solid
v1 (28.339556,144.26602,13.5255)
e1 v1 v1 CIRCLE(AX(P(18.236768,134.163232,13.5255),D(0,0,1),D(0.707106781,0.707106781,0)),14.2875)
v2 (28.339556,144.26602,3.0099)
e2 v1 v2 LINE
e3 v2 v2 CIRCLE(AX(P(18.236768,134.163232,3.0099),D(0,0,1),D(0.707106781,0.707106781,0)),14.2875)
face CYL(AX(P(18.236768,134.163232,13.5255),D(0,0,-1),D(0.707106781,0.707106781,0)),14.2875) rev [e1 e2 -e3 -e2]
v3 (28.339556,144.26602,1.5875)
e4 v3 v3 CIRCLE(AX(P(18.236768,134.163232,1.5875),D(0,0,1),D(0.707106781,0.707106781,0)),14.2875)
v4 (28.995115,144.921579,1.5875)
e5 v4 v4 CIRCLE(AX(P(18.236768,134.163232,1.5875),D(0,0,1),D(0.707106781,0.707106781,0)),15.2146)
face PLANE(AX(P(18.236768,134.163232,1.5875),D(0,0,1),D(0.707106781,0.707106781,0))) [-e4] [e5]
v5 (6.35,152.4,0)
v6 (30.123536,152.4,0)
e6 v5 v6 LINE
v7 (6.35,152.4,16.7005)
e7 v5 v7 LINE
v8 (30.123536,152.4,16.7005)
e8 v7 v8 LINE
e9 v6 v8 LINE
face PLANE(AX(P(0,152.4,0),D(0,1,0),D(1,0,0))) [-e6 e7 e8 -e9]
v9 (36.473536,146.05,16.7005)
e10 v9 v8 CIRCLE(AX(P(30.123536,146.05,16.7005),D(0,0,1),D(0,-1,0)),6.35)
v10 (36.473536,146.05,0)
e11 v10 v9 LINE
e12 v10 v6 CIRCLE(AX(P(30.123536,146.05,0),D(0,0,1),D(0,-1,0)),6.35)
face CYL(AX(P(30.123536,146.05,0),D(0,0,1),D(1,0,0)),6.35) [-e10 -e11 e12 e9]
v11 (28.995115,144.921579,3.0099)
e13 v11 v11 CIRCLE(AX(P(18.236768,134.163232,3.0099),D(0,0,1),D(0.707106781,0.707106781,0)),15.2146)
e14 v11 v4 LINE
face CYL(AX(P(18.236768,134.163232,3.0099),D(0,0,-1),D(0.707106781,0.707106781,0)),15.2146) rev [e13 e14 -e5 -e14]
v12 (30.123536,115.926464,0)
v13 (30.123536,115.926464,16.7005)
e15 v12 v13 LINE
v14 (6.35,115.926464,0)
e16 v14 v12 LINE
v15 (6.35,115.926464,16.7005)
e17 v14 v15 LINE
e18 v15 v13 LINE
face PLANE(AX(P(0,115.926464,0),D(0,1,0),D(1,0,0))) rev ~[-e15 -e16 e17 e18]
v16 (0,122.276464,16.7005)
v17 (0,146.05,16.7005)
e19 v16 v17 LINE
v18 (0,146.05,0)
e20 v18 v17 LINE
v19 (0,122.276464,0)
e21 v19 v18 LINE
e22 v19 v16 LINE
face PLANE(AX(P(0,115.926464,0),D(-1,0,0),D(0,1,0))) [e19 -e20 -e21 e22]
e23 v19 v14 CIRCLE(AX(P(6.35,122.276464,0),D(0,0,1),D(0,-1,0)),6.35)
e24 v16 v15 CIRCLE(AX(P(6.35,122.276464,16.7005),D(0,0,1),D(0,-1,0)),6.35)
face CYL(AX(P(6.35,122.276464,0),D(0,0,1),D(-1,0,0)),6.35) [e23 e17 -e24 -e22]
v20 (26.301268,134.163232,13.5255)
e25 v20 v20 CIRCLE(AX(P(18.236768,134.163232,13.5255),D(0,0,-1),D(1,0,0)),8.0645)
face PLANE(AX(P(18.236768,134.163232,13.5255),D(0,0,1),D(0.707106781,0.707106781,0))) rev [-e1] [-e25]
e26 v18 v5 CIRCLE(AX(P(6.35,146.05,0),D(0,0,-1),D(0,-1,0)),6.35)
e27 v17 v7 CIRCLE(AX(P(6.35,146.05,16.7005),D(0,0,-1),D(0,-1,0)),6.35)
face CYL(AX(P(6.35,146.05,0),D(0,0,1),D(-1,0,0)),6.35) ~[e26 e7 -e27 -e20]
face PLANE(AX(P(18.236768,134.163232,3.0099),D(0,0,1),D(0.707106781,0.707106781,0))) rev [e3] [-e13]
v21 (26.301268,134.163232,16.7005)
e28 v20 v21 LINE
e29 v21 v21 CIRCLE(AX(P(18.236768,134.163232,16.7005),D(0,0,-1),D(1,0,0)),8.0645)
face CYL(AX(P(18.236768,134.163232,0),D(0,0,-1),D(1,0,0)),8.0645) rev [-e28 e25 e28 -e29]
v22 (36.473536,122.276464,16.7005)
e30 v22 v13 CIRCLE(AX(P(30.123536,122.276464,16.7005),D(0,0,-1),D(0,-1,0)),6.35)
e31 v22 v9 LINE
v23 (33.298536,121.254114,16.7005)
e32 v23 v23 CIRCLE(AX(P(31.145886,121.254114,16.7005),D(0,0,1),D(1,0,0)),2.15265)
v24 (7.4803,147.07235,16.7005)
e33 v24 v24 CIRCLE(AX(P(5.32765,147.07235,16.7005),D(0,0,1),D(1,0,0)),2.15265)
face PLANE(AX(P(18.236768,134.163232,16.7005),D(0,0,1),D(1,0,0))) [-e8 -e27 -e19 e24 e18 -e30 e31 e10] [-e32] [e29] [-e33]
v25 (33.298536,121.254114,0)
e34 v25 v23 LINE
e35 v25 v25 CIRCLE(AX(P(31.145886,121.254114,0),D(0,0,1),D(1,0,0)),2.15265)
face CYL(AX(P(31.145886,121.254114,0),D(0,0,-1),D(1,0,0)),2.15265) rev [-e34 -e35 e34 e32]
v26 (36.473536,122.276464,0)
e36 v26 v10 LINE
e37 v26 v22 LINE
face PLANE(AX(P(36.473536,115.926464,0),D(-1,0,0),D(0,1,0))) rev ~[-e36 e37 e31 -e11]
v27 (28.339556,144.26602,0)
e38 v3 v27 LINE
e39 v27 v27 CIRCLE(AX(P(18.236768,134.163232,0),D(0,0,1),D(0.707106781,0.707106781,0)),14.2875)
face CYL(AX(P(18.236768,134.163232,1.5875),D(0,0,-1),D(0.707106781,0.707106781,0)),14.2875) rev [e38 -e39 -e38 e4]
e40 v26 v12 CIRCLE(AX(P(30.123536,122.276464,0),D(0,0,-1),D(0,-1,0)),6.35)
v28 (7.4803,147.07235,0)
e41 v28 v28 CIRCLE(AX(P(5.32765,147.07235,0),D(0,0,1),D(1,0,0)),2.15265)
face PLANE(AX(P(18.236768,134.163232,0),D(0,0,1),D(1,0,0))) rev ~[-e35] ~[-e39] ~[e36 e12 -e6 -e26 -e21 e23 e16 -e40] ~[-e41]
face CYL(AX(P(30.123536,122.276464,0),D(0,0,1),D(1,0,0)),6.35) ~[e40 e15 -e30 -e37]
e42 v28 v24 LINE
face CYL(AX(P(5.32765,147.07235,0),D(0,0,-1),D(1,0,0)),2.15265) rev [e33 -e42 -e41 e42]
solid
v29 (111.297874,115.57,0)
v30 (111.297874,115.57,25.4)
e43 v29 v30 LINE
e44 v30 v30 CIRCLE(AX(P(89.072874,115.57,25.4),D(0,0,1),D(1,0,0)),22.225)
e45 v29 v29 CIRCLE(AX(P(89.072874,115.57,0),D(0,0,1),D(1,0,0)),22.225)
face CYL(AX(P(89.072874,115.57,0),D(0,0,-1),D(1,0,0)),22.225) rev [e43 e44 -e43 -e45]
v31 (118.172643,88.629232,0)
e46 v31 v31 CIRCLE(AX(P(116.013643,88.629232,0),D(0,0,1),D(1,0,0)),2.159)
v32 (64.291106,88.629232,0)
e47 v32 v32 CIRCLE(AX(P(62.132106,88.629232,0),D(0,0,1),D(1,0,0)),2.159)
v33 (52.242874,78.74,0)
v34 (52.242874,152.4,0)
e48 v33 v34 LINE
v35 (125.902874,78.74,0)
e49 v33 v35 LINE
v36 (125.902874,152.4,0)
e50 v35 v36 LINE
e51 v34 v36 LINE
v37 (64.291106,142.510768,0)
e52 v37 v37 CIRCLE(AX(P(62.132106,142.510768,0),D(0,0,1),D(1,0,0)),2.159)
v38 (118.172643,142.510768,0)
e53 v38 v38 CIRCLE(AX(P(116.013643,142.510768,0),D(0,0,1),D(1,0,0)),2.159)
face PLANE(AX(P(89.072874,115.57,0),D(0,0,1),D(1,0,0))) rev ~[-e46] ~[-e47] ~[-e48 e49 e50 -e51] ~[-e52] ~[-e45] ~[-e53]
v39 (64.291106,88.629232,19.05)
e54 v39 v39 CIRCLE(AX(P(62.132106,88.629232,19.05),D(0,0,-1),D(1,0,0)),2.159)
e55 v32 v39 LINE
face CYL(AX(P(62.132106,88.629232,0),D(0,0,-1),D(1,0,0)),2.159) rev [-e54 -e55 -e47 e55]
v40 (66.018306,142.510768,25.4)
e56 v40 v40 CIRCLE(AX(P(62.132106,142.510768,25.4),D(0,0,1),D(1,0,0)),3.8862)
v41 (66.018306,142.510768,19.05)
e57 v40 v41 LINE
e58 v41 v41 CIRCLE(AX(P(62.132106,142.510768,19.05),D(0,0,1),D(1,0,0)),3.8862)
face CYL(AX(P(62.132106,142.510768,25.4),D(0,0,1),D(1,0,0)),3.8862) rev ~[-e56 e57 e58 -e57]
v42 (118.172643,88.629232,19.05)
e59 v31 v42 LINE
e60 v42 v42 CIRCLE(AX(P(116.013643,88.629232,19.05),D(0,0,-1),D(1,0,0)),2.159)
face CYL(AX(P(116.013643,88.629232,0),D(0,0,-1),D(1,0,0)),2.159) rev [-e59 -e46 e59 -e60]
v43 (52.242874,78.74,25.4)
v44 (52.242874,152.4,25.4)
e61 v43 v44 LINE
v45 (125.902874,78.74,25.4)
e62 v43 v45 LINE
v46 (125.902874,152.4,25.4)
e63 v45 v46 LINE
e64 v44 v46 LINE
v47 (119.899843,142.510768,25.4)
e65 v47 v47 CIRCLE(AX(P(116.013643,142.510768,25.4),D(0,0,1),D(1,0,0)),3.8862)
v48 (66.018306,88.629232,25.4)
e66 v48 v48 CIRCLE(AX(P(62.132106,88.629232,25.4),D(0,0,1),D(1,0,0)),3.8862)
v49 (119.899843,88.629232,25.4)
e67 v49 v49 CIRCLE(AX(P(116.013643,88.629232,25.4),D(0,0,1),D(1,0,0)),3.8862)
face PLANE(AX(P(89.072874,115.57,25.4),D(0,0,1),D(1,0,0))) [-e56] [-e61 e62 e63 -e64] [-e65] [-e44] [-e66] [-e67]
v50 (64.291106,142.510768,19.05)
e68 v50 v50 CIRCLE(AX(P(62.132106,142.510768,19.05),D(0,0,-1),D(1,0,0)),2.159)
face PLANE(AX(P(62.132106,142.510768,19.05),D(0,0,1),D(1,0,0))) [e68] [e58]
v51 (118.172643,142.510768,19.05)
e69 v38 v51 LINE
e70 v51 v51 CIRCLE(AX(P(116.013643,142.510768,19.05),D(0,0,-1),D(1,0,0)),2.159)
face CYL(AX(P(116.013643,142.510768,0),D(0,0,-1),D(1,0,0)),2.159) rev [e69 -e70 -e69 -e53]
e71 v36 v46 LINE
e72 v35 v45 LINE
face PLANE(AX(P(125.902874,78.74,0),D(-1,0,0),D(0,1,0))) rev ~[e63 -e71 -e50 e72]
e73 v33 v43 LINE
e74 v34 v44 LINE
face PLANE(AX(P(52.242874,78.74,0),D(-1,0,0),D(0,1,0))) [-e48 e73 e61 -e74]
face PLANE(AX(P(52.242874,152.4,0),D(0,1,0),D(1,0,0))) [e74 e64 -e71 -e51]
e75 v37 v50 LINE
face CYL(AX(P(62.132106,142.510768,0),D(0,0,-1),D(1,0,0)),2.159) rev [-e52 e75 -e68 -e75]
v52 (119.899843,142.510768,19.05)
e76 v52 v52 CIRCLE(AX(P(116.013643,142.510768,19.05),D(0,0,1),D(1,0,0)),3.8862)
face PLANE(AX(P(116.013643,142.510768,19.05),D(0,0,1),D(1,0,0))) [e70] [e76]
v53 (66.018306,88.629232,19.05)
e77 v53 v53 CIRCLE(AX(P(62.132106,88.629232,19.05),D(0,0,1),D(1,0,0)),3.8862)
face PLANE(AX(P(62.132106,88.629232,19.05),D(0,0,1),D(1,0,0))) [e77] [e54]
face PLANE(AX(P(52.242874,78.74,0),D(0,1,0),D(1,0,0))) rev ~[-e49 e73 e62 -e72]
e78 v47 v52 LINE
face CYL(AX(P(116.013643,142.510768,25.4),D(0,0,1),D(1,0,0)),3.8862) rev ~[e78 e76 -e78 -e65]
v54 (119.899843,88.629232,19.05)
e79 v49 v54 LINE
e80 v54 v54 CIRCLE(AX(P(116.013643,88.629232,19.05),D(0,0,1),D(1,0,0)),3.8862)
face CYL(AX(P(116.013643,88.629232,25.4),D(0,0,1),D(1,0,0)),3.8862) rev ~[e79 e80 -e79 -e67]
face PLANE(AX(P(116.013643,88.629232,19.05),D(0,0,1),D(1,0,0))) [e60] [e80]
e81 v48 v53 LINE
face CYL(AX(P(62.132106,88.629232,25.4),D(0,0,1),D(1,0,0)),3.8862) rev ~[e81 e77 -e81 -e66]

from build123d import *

# Parameters (mm, degrees)
F0_W     = 73.66
F0_H     = 73.66
F0_R     = 2.159
F0_R_2   = 22.225
F1_DEPTH = 25.4
F0_W_2   = 36.4735363481
F0_H_2   = 36.4735363481
F0_R_3   = 2.15265
F0_R_4   = 14.2875
F0_R_5   = 8.0645
F2_DEPTH = 16.7005
F3_R     = 3.8862
F4_DEPTH = 6.35
F8_R     = 6.35


with BuildPart() as f1:
    # F0 (on Top) → F1 (new body)
    with BuildSketch(Plane.XY):
        with Locations((89.0728744893, 115.57)):
            Rectangle(F0_W, F0_H)
        with Locations((62.1321061261, 88.6292316368)):
            Circle(F0_R, mode=Mode.SUBTRACT)
        with Locations((116.0136428525, 88.6292316368)):
            Circle(F0_R, mode=Mode.SUBTRACT)
        with Locations((89.0728744893, 115.57)):
            Circle(F0_R_2, mode=Mode.SUBTRACT)
        with Locations((62.1321061261, 142.5107683632)):
            Circle(F0_R, mode=Mode.SUBTRACT)
        with Locations((116.0136428525, 142.5107683632)):
            Circle(F0_R, mode=Mode.SUBTRACT)
    extrude(amount=F1_DEPTH)

    # F3 (on face) → F4 (cut)
    with BuildSketch(Plane.XY.offset(25.4)):
        with Locations((62.1321061261, 142.5107683632)):
            Circle(F3_R)
        with Locations((62.1321061261, 88.6292316368)):
            Circle(F3_R)
        with Locations((116.0136428525, 88.6292316368)):
            Circle(F3_R)
        with Locations((116.0136428525, 142.5107683632)):
            Circle(F3_R)
    extrude(amount=-F4_DEPTH, mode=Mode.SUBTRACT)


with BuildPart() as f2:
    # F0 (on Top) → F2 (new body)
    with BuildSketch(Plane.XY):
        with Locations((18.236768174, 134.163231826)):
            Rectangle(F0_W_2, F0_H_2)
        with Locations((31.1458863481, 121.2541136519)):
            Circle(F0_R_3, mode=Mode.SUBTRACT)
        with Locations((18.236768174, 134.163231826)):
            Circle(F0_R_4, mode=Mode.SUBTRACT)
        with Locations((5.32765, 147.07235)):
            Circle(F0_R_3, mode=Mode.SUBTRACT)
        with Locations((18.236768174, 134.163231826)):
            Circle(F0_R_4)
        with Locations((18.236768174, 134.163231826)):
            Circle(F0_R_5, mode=Mode.SUBTRACT)
    extrude(amount=F2_DEPTH)

    # F6 (on line) → F7 (revolve, cut)
    with BuildSketch(Plane(origin=(-57.963231826, 57.963231826, 0), x_dir=(-0.7071067812, -0.7071067812, 0), z_dir=(-0.7071067812, 0.7071067812, 0))):
        Polygon((-122.0505734528, 0), (-107.7630734528, 0), (-107.7630734528, 16.7005), (-115.8275734528, 16.7005), (-115.8275734528, 13.5255), (-122.0505734528, 13.5255), (-122.0505734528, 3.0099), (-122.9776734528, 3.0099), (-122.9776734528, 1.5875), (-122.0505734528, 1.5875), align=None)
    revolve(axis=Axis((18.236768174, 134.163231826, 8.35025), (0, 0, 1)), mode=Mode.SUBTRACT)

    # F8
    f8_edges = [f2.edges().sort_by_distance(p)[0] for p in [
        (0, 152.4, 8.35025),
        (36.473536, 152.4, 8.35025),
        (36.473536, 115.926464, 8.35025),
        (0, 115.926464, 8.35025),
    ]]
    fillet(f8_edges, radius=F8_R)


solid = Compound([f1.part, f2.part])
